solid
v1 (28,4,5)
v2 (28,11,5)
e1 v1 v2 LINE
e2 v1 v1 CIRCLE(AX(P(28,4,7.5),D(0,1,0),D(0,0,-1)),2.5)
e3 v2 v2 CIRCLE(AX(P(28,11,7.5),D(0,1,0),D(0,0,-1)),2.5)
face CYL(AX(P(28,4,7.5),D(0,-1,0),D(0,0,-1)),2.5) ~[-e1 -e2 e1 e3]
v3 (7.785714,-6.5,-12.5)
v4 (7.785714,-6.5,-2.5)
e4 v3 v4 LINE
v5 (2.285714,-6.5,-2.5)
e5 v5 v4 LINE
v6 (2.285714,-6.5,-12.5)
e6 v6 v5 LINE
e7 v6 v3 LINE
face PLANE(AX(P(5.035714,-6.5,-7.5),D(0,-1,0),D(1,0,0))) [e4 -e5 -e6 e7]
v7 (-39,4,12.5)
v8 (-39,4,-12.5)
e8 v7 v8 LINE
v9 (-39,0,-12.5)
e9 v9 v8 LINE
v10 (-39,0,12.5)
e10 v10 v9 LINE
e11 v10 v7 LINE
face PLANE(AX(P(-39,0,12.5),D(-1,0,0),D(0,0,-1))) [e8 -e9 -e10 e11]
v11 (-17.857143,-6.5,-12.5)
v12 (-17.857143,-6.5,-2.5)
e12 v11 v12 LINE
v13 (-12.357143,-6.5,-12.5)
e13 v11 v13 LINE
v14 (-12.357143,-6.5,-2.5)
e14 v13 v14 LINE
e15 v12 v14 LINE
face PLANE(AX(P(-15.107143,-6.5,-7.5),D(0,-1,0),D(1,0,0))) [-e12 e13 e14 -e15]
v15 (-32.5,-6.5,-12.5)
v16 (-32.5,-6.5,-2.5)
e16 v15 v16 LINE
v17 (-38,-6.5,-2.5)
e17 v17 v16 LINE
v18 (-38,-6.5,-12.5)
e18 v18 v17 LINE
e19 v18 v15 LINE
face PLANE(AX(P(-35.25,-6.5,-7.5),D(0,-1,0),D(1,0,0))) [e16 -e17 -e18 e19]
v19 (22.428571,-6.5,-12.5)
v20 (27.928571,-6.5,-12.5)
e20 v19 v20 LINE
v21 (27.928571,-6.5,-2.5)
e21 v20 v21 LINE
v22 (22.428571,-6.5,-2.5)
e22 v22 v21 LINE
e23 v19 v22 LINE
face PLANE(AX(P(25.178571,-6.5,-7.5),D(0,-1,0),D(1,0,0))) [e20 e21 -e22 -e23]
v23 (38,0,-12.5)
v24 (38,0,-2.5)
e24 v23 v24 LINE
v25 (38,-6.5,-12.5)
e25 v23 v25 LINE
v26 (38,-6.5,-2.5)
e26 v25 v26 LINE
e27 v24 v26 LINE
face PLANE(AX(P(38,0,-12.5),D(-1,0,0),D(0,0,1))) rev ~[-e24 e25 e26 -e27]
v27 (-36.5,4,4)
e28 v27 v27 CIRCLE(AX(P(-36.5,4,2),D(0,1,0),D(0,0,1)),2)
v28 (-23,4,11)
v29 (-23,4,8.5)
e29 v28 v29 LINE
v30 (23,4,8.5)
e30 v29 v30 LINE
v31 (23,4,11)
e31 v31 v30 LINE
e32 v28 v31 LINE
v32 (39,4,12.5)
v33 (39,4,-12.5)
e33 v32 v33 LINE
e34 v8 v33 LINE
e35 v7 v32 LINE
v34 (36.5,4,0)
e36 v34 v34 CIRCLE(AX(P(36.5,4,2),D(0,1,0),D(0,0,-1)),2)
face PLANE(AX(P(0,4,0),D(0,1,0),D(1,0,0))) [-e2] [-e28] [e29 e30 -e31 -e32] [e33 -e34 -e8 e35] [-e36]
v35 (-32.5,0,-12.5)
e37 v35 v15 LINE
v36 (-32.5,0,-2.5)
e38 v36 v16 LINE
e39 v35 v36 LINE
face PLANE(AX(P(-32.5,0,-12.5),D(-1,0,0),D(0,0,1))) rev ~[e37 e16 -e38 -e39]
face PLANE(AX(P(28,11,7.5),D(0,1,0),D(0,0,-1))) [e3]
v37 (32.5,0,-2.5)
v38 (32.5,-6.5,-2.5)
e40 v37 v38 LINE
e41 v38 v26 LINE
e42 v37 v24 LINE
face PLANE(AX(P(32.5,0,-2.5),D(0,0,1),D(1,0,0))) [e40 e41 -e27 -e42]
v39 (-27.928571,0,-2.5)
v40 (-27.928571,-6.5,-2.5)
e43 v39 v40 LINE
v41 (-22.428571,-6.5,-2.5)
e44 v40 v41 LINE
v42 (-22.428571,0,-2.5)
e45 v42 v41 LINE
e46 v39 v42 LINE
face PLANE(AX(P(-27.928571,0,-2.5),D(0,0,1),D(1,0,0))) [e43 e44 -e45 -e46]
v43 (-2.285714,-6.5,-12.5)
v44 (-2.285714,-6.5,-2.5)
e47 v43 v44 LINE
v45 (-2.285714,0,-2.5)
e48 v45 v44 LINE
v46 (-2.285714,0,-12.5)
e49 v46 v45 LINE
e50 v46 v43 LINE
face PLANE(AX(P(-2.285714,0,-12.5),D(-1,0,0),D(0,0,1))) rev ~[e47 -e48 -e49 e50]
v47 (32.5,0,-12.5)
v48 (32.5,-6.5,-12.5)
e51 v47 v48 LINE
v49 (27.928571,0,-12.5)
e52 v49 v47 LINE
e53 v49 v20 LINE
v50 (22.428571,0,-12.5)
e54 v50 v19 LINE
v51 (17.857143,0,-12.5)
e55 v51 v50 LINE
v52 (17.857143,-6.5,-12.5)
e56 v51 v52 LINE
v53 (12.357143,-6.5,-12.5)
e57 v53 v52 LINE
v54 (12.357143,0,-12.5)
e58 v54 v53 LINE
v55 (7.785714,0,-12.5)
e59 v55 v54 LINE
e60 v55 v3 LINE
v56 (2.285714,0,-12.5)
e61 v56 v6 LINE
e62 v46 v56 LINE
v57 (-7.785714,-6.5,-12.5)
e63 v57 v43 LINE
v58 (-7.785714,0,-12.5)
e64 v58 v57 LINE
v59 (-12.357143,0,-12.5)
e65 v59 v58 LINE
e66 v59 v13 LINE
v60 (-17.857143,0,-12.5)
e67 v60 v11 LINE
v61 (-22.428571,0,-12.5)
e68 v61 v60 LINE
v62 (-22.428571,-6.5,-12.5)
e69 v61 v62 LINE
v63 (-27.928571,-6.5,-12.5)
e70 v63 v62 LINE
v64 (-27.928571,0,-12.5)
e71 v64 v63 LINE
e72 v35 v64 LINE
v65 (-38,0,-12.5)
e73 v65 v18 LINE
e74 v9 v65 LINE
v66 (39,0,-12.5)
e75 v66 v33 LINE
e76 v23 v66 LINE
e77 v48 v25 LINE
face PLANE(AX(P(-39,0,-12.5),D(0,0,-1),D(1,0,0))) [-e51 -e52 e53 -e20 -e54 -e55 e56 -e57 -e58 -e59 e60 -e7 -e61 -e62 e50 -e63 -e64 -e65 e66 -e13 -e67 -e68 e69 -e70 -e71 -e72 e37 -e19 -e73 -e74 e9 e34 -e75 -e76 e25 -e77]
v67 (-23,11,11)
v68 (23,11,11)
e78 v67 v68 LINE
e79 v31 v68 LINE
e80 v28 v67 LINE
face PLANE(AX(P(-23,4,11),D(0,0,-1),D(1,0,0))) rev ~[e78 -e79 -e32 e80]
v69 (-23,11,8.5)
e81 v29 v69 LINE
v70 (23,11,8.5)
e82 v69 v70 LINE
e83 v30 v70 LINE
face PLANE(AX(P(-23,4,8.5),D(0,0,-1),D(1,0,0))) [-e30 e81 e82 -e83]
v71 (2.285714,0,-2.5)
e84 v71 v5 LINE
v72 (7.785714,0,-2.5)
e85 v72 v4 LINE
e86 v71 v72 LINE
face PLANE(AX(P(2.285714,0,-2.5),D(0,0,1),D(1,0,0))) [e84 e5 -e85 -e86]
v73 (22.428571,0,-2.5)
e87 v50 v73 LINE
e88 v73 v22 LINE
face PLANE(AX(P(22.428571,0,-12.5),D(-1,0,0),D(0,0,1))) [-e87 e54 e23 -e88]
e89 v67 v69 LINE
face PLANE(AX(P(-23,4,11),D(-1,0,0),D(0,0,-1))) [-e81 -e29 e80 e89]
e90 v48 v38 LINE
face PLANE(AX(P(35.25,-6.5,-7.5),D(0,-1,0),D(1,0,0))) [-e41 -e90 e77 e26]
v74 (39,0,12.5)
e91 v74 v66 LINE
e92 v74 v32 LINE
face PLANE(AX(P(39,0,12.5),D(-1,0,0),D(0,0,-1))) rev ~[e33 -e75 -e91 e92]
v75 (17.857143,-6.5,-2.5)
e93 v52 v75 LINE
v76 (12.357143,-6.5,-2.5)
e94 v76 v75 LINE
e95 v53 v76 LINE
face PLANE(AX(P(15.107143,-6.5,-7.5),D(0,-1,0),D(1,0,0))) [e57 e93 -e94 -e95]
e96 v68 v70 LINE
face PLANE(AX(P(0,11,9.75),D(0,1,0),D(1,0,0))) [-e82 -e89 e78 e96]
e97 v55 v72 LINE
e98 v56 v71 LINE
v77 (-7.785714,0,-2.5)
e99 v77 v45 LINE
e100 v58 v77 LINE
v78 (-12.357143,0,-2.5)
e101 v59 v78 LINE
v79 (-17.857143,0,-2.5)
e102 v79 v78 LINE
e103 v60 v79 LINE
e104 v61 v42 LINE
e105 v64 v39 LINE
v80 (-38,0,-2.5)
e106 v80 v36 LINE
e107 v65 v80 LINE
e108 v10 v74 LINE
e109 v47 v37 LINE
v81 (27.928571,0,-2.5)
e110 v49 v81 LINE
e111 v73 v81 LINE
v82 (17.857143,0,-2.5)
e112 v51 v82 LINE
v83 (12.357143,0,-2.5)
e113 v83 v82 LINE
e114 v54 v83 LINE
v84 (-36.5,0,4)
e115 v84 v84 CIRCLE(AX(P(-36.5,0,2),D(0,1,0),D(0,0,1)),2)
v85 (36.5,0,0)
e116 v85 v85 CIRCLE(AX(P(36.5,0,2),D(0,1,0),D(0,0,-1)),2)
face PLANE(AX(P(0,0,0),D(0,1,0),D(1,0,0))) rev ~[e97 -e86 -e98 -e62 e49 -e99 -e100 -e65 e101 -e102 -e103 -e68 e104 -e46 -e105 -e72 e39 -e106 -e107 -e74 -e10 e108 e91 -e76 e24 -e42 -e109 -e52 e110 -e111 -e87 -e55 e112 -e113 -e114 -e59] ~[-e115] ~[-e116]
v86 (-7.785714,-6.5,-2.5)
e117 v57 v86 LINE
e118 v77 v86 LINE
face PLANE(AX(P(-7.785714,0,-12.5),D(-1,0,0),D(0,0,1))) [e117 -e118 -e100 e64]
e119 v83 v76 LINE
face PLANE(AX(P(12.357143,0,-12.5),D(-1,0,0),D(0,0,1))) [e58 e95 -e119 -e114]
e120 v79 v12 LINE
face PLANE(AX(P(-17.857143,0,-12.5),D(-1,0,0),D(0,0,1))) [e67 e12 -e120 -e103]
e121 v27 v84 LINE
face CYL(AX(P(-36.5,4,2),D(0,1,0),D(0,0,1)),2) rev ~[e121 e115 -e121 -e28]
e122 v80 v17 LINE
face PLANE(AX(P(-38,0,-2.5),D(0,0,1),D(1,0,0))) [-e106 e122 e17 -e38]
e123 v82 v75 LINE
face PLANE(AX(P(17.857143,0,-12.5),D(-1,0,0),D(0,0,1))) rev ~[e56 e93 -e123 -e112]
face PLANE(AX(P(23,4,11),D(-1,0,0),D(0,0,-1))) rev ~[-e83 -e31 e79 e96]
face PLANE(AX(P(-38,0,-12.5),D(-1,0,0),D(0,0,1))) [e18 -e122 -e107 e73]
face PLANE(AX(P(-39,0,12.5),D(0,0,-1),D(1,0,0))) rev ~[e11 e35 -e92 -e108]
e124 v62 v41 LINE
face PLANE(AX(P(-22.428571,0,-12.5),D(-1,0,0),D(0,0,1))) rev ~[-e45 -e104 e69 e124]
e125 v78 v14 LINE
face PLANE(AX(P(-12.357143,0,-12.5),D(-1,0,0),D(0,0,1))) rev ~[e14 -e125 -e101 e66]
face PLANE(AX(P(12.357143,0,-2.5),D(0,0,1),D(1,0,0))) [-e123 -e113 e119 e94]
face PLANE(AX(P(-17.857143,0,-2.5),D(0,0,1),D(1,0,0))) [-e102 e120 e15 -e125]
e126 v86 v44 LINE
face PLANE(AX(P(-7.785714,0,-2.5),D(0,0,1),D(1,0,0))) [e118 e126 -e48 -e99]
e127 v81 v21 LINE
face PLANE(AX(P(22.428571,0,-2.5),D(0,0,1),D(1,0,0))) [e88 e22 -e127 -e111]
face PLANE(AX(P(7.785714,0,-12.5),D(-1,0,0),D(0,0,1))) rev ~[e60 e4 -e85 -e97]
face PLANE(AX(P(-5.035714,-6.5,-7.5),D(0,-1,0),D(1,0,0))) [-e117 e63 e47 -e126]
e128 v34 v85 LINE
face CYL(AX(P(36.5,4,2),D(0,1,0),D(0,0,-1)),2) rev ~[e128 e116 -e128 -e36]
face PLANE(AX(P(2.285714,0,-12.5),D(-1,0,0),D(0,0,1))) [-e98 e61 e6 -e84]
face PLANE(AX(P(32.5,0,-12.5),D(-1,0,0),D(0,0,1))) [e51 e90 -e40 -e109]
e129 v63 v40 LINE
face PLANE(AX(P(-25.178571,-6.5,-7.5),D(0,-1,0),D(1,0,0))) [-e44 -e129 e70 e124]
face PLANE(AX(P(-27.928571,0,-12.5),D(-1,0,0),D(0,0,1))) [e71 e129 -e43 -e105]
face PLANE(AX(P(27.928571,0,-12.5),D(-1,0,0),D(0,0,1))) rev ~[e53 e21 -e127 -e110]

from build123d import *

# Parameters (mm, degrees)
SKETCH1_W           = 78
SKETCH1_H           = 25
BOSS_EXTRUDE1_DEPTH = 4
SKETCH2_R           = 2.5
SKETCH2_W           = 46
SKETCH2_H           = 2.5
BOSS_EXTRUDE2_DEPTH = 7
SKETCH3_W           = 5.5
SKETCH3_H           = 10
BOSS_EXTRUDE3_DEPTH = 6.5
SKETCH4_R           = 2
CUT_EXTRUDE1_DEPTH  = 10


with BuildPart() as part:
    # Sketch1 → Boss-Extrude1 (new body)
    with BuildSketch(Plane(origin=(0, 0, 0), x_dir=(1, 0, 0), z_dir=(0, 1, 0))):
        Rectangle(SKETCH1_W, SKETCH1_H)
    extrude(amount=BOSS_EXTRUDE1_DEPTH)

    # Sketch2 → Boss-Extrude2 (add)
    with BuildSketch(Plane(origin=(0, 4, 0), x_dir=(1, 0, 0), z_dir=(0, 1, 0))):
        with Locations(Location((28, -7.5, 0), (0, 0, 90))):
            Circle(SKETCH2_R)
        with Locations((0, -9.75)):
            Rectangle(SKETCH2_W, SKETCH2_H)
    extrude(amount=BOSS_EXTRUDE2_DEPTH)

    # Sketch3 → Boss-Extrude3 (add)
    with BuildSketch(Plane.XZ):
        with Locations((-35.25, -7.5)):
            Rectangle(SKETCH3_W, SKETCH3_H)
        with Locations((-25.178571429, -7.5)):
            Rectangle(SKETCH3_W, SKETCH3_H)
        with Locations((-15.107142857, -7.5)):
            Rectangle(SKETCH3_W, SKETCH3_H)
        with Locations((-5.035714286, -7.5)):
            Rectangle(SKETCH3_W, SKETCH3_H)
        with Locations((5.035714286, -7.5)):
            Rectangle(SKETCH3_W, SKETCH3_H)
        with Locations((15.107142857, -7.5)):
            Rectangle(SKETCH3_W, SKETCH3_H)
        with Locations((25.178571429, -7.5)):
            Rectangle(SKETCH3_W, SKETCH3_H)
        with Locations((35.25, -7.5)):
            Rectangle(SKETCH3_W, SKETCH3_H)
    extrude(amount=BOSS_EXTRUDE3_DEPTH)

    # Sketch4 → Cut-Extrude1 (cut)
    with BuildSketch(Plane(origin=(0, 4, 0), x_dir=(1, 0, 0), z_dir=(0, 1, 0))):
        with Locations(Location((-36.5, -2, 0), (0, 0, 270))):
            Circle(SKETCH4_R)
        with Locations(Location((36.5, -2, 0), (0, 0, 90))):
            Circle(SKETCH4_R)
    extrude(amount=-CUT_EXTRUDE1_DEPTH, mode=Mode.SUBTRACT)


solid = part.part
